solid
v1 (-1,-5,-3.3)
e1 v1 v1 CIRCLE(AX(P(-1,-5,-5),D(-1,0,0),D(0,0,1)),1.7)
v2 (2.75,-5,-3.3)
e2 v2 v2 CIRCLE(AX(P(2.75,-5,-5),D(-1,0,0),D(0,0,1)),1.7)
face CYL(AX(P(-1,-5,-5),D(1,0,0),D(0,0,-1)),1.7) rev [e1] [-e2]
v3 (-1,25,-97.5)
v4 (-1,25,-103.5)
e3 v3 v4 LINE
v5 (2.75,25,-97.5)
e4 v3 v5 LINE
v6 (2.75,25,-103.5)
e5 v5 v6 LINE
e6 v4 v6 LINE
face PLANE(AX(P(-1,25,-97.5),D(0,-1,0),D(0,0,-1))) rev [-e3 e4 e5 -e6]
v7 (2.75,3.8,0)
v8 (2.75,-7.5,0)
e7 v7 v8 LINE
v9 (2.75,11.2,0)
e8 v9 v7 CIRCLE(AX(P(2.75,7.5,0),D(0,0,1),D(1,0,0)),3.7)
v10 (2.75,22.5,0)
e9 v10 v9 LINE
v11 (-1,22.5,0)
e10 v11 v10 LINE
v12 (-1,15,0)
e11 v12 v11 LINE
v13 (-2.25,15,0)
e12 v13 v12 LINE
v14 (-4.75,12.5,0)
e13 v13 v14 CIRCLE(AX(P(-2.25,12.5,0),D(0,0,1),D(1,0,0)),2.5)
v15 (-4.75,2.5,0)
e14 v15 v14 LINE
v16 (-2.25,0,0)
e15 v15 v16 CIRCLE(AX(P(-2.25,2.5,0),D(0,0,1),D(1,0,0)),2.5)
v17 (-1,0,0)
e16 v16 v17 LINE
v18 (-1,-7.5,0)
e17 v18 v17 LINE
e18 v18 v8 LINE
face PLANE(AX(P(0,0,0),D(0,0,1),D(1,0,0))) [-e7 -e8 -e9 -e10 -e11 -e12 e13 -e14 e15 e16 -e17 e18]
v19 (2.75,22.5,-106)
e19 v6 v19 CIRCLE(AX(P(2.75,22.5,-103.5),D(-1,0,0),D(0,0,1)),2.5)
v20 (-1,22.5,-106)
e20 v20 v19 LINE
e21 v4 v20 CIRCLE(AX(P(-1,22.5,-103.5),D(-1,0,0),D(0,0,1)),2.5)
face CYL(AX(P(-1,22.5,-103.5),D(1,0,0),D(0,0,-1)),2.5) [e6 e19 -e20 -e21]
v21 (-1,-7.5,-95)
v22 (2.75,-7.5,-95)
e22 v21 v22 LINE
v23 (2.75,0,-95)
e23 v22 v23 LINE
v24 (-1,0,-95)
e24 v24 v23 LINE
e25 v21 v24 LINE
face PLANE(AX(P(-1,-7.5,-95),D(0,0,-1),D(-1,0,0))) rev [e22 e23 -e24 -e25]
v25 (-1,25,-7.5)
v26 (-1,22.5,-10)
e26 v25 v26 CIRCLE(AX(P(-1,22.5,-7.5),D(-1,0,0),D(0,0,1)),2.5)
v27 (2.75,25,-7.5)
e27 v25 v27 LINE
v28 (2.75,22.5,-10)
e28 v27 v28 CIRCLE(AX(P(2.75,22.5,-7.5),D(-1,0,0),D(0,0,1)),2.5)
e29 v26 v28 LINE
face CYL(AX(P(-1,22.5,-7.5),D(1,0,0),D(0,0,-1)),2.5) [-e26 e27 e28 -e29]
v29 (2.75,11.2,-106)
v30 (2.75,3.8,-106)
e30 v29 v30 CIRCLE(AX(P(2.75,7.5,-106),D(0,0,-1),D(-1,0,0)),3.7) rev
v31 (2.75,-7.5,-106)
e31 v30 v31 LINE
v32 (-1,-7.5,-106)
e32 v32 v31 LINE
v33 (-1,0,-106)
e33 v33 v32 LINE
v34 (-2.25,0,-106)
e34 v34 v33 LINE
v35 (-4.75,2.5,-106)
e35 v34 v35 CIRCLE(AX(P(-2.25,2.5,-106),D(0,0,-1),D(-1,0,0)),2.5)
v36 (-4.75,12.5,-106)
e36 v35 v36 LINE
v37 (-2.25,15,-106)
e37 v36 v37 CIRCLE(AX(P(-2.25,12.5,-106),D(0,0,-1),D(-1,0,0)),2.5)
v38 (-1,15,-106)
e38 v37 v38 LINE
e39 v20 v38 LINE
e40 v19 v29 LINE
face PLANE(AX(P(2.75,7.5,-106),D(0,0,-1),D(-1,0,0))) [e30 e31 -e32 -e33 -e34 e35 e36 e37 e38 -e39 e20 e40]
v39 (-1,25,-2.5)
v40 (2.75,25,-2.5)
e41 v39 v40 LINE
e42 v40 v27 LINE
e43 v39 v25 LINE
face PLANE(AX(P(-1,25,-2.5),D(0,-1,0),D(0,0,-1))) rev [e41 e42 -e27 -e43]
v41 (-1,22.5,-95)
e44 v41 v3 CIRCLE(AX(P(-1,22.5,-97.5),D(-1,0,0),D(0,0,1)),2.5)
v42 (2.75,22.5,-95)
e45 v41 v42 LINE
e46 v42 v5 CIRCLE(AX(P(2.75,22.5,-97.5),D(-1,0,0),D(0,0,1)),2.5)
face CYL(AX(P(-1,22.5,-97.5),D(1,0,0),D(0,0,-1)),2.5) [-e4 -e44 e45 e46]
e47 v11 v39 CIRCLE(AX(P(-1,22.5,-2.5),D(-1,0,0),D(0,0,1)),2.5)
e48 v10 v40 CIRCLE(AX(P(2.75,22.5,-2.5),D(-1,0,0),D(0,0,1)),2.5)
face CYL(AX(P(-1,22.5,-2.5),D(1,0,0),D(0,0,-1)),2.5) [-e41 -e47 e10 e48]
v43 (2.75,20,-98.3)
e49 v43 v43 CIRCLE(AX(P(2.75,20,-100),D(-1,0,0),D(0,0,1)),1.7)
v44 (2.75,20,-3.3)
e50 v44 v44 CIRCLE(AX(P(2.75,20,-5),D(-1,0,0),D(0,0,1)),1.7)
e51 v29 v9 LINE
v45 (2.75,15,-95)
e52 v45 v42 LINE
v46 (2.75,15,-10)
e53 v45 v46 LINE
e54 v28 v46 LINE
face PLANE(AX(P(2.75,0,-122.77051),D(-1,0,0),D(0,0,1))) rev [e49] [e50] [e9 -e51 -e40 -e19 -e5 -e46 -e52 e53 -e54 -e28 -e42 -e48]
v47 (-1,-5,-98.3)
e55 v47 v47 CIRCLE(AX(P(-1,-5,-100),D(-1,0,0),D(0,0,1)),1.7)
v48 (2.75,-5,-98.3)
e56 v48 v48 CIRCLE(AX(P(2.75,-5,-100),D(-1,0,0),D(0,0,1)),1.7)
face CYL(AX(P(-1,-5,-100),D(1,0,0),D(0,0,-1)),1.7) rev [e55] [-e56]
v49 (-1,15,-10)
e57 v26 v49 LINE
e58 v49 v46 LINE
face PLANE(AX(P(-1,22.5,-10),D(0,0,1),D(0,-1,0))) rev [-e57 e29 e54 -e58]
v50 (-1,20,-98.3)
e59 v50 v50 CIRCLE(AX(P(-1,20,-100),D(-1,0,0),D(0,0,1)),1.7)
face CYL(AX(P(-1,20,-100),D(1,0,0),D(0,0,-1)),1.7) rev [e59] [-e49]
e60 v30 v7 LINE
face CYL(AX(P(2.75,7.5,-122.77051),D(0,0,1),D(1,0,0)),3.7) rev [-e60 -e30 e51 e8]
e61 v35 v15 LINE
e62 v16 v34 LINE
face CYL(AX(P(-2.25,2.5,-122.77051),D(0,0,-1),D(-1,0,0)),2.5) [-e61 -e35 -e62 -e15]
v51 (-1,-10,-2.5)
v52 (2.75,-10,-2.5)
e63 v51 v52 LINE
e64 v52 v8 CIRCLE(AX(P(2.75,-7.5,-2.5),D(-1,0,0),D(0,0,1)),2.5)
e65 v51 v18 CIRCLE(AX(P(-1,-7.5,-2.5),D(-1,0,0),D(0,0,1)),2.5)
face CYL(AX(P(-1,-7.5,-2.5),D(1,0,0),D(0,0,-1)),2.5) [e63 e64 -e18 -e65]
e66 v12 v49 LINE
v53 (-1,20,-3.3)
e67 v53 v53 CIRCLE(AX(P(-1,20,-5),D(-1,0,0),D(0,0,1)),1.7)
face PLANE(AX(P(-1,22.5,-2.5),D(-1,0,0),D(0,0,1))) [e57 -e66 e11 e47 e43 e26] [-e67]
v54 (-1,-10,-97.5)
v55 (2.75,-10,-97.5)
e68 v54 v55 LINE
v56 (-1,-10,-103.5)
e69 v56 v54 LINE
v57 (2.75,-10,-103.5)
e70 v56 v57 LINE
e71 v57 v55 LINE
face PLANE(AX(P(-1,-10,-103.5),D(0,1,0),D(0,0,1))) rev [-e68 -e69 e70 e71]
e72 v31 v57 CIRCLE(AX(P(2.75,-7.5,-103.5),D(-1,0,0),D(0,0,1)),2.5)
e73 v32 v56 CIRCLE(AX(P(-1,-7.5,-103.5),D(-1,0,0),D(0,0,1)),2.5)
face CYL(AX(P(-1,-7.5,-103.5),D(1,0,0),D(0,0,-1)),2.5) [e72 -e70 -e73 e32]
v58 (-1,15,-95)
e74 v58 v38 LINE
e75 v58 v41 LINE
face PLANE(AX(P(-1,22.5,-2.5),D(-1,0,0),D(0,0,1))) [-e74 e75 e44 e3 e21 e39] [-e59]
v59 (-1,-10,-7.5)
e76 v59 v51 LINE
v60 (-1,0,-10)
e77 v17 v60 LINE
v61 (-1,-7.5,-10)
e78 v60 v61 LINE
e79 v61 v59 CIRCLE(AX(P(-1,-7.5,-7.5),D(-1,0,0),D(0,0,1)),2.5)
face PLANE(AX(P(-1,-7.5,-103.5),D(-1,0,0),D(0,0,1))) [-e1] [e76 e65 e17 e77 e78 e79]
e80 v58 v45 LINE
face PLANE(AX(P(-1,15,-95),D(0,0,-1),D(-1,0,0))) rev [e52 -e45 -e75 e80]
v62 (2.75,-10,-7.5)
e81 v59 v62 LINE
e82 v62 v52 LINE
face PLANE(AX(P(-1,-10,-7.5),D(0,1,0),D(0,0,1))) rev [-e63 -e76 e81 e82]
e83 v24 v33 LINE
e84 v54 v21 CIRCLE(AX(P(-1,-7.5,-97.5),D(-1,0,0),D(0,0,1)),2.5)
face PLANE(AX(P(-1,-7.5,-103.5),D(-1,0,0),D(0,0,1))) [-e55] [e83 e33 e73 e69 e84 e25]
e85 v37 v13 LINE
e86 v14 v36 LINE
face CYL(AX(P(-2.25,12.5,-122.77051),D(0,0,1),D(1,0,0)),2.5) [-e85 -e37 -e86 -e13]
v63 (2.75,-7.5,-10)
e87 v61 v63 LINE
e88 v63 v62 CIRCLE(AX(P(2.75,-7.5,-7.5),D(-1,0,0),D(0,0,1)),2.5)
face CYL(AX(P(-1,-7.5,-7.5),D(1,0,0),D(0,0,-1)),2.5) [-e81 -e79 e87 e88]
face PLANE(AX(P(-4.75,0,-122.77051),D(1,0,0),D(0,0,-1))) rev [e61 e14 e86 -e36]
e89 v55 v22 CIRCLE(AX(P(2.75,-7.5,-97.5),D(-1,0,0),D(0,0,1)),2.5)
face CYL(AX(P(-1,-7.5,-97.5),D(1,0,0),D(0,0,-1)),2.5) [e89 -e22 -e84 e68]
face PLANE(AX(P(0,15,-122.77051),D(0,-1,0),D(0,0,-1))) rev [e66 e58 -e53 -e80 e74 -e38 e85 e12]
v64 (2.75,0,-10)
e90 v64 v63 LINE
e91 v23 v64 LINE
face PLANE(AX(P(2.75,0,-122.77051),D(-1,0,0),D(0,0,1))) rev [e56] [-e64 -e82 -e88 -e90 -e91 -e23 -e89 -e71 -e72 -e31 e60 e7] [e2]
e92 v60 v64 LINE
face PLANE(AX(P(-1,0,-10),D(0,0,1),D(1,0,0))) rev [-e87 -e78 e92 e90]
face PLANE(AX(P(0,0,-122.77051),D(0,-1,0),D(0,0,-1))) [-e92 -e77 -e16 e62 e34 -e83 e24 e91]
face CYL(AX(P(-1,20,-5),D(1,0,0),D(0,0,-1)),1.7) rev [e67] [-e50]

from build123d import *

# Parameters (mm, degrees)
BOSS_EXTRUDE1_DEPTH = 106
SKETCH3_R           = 1.7
BOSS_EXTRUDE2_DEPTH = 3.75
FILLET1_R           = 2.5


with BuildPart() as part:
    # Sketch2 → Boss-Extrude1 (new body)
    with BuildSketch(Plane.XY):
        with BuildLine():
            Line((2.75, 11.2), (2.75, 15))
            Line((2.75, 15), (-4.75, 15))
            Line((-4.75, 15), (-4.75, 0))
            Line((-4.75, 0), (2.75, 0))
            Line((2.75, 0), (2.75, 3.8))
            ThreePointArc((2.75, 3.8), (-0.95, 7.5), (2.75, 11.2))
        make_face()
    extrude(amount=-BOSS_EXTRUDE1_DEPTH)

    # Sketch3 → Boss-Extrude2 (add)
    # profile 1 of 2: a face of its own
    with BuildSketch(Plane.ZY.offset(-2.75)):
        with BuildLine():
            Line((-103.5, -10), (-97.5, -10))
            ThreePointArc((-97.5, -10), (-95.732233047, -9.267766953), (-95, -7.5))
            Line((-95, -7.5), (-95, 0))
            Line((-95, 0), (-10, 0))
            Line((-10, 0), (-10, -7.5))
            ThreePointArc((-10, -7.5), (-9.267766953, -9.267766953), (-7.5, -10))
            Line((-7.5, -10), (-2.5, -10))
            ThreePointArc((-2.5, -10), (-0.732233047, -9.267766953), (0, -7.5))
            Line((0, -7.5), (0, 3.8))
            Line((0, 3.8), (-106, 3.8))
            Line((-106, 3.8), (-106, -7.5))
            ThreePointArc((-106, -7.5), (-105.267766953, -9.267766953), (-103.5, -10))
        make_face()
        with Locations((-5, -5)):
            Circle(SKETCH3_R, mode=Mode.SUBTRACT)
        with Locations((-100, -5)):
            Circle(SKETCH3_R, mode=Mode.SUBTRACT)
    # profile 2 of 2: a face of its own
    with BuildSketch(Plane.ZY.offset(-2.75)):
        with BuildLine():
            Line((-106, 11.2), (0, 11.2))
            Line((0, 11.2), (0, 22.5))
            ThreePointArc((0, 22.5), (-0.732233047, 24.267766953), (-2.5, 25))
            Line((-2.5, 25), (-7.5, 25))
            ThreePointArc((-7.5, 25), (-9.267766953, 24.267766953), (-10, 22.5))
            Line((-10, 22.5), (-10, 15))
            Line((-10, 15), (-95, 15))
            Line((-95, 15), (-95, 22.5))
            ThreePointArc((-95, 22.5), (-95.732233047, 24.267766953), (-97.5, 25))
            Line((-97.5, 25), (-103.5, 25))
            ThreePointArc((-103.5, 25), (-105.267766953, 24.267766953), (-106, 22.5))
            Line((-106, 22.5), (-106, 11.2))
        make_face()
        with Locations((-5, 20)):
            Circle(SKETCH3_R, mode=Mode.SUBTRACT)
        with Locations((-100, 20)):
            Circle(SKETCH3_R, mode=Mode.SUBTRACT)
    extrude(amount=BOSS_EXTRUDE2_DEPTH)

    # Fillet1
    fillet1_edges = [part.edges().sort_by_distance(p)[0] for p in [
        (-4.75, 0, -53),
        (-4.75, 15, -53),
    ]]
    fillet(fillet1_edges, radius=FILLET1_R)


solid = part.part
